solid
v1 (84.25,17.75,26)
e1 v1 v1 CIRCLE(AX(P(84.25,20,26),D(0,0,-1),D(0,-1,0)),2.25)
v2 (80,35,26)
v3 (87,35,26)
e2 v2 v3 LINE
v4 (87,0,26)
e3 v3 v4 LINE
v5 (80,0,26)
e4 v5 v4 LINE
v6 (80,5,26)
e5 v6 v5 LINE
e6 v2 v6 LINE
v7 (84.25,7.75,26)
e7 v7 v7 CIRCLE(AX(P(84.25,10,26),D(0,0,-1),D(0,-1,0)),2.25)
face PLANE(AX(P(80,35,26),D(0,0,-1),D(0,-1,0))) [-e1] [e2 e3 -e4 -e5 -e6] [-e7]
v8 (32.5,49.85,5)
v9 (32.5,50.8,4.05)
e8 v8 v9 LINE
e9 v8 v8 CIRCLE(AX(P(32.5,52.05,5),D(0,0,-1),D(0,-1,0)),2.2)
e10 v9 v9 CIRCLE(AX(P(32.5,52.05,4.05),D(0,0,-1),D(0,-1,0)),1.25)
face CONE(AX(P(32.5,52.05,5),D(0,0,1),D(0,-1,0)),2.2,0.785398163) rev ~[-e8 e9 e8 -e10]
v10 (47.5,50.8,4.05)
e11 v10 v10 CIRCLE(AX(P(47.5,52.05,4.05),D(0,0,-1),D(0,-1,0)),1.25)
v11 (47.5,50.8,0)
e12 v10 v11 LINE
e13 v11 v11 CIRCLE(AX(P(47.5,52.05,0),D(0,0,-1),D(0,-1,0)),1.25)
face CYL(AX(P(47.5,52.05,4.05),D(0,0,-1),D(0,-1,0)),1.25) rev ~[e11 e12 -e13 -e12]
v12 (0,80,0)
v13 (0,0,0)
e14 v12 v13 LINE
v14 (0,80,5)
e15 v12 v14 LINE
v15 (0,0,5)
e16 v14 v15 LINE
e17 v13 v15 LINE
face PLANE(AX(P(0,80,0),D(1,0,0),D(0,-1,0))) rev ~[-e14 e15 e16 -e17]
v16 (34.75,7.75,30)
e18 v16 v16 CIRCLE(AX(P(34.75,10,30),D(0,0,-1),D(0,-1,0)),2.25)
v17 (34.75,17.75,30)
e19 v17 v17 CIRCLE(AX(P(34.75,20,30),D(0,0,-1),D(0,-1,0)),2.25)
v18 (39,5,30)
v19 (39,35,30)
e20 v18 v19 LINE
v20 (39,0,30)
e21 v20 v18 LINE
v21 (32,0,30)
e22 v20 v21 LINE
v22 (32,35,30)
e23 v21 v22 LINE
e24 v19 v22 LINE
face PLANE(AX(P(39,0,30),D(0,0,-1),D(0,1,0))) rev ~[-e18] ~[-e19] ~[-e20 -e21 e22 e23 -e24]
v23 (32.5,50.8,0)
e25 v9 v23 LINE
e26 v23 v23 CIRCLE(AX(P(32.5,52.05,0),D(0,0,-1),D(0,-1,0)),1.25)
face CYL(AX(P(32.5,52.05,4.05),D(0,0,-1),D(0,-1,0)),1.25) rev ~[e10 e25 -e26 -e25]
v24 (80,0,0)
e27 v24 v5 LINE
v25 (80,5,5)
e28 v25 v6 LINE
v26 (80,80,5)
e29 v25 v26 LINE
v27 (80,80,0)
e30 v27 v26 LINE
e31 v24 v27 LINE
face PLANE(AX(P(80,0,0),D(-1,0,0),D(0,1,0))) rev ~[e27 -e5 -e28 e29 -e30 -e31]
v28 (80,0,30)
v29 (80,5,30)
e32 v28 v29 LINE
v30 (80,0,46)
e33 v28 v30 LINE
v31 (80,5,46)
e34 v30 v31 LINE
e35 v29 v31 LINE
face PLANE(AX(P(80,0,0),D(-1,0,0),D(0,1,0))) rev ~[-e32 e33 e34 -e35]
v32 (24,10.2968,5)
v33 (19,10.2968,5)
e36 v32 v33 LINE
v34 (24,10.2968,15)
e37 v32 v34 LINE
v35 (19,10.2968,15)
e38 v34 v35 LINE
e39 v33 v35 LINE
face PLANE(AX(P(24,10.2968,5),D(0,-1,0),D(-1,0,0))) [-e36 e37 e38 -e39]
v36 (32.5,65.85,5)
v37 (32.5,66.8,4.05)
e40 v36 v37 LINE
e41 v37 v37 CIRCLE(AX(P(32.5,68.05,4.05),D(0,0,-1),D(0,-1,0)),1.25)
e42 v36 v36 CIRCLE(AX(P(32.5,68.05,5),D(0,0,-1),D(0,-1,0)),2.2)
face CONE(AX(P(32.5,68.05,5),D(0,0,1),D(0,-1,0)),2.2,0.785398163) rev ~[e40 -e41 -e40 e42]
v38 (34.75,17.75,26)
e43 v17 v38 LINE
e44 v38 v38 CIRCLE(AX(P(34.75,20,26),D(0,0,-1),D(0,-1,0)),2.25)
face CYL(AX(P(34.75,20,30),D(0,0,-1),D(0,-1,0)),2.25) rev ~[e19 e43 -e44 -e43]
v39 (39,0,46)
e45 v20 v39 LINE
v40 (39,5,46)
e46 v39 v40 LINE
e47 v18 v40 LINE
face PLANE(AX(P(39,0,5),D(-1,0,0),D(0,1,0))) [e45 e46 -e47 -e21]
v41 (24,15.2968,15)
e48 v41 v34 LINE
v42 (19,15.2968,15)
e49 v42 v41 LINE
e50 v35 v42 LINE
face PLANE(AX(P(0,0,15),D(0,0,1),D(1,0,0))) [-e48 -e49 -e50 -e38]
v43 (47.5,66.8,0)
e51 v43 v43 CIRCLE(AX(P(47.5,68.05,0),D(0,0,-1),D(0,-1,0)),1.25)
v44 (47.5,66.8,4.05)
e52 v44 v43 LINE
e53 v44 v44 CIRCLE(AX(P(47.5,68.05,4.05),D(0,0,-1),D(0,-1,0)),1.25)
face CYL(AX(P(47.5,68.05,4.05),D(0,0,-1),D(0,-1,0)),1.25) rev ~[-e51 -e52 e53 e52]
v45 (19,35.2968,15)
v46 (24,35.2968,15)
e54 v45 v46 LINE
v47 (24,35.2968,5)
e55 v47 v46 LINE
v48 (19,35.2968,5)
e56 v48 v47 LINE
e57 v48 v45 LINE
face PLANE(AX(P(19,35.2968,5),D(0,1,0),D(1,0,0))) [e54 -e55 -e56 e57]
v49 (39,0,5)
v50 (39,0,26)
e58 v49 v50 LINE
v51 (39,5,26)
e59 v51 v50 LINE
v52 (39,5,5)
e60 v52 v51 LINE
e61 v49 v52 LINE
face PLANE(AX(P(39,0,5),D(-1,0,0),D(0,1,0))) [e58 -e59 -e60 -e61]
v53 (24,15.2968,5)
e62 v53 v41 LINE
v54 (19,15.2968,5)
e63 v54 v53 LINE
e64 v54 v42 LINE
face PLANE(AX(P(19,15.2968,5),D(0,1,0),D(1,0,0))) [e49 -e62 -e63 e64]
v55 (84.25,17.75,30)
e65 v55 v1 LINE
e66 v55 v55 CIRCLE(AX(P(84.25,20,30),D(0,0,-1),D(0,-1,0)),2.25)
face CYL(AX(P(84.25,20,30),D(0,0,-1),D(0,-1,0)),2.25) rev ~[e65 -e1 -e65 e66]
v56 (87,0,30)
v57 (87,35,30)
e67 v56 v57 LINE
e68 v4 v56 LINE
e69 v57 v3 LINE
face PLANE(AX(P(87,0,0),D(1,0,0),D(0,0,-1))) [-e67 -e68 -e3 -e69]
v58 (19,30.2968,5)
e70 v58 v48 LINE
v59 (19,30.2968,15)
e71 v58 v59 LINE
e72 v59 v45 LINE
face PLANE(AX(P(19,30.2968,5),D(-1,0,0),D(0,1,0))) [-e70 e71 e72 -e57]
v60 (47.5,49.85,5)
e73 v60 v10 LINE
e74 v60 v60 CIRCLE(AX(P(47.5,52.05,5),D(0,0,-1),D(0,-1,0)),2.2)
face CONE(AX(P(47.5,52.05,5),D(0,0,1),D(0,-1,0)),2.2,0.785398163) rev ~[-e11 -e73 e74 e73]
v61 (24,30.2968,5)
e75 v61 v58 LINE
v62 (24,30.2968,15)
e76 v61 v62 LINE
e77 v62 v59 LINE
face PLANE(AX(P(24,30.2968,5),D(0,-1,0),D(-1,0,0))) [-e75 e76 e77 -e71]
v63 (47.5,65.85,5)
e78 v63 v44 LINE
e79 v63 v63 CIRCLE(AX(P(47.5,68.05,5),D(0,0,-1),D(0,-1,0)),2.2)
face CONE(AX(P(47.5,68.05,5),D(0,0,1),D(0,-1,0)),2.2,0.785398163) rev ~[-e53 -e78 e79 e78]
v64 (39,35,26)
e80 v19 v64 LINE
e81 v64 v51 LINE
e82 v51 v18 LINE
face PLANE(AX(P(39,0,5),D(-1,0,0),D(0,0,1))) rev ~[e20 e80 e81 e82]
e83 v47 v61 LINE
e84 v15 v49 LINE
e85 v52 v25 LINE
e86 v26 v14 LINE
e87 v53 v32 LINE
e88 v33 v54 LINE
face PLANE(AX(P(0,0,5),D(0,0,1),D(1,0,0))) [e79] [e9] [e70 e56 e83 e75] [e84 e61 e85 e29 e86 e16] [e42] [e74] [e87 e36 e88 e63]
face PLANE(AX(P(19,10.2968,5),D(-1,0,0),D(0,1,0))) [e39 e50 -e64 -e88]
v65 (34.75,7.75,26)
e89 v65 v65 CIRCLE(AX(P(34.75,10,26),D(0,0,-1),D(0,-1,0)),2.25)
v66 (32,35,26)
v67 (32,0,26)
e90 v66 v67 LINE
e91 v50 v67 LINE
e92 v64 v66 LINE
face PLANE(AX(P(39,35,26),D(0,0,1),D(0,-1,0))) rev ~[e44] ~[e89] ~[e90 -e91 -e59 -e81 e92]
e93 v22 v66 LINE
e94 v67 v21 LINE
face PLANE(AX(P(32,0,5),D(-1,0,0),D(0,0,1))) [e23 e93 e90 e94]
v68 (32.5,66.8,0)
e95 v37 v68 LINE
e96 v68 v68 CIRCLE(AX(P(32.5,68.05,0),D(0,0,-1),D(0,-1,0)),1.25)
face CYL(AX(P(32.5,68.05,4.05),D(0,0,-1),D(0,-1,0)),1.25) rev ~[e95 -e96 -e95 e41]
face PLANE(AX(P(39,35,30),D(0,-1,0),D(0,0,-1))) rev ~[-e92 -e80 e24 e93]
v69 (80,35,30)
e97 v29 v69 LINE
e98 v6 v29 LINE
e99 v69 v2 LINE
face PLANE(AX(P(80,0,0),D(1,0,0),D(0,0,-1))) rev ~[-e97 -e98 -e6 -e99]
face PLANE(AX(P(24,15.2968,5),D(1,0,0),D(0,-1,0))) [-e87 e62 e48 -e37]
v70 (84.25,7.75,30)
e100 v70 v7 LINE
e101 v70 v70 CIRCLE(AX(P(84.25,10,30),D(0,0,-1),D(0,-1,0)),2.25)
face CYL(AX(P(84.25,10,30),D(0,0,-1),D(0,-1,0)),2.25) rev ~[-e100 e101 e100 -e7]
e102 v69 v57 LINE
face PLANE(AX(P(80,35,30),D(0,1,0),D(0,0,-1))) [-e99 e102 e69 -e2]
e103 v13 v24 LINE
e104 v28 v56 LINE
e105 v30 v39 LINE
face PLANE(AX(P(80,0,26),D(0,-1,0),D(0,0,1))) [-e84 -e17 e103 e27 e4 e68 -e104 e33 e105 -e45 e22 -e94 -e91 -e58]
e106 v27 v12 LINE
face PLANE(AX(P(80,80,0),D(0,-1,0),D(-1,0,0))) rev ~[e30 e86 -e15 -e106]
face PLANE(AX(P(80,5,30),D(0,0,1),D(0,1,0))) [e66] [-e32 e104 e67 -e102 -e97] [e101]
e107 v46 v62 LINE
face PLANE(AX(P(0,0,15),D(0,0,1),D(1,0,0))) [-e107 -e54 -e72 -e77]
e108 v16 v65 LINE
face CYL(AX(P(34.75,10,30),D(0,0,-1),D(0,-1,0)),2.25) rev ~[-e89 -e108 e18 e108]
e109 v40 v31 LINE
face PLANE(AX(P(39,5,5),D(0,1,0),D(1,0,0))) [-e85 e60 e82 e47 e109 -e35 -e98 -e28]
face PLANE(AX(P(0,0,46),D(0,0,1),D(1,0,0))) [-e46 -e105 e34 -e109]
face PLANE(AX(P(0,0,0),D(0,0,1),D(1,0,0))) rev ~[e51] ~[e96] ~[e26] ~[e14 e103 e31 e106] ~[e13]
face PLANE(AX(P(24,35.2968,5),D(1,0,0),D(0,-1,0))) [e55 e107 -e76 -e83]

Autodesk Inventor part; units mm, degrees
ref_plane "YZ Plane" through (0, 0, 0) normal (1, 0, 0) x (0, 1, 0)
ref_plane "XZ Plane" through (0, 0, 0) normal (0, 1, 0) x (-1, 0, 0)
ref_plane "XY Plane" through (0, 0, 0) normal (0, 0, 1) x (1, 0, 0)
sketch "Szkic1" plane through (0, 0, 0) normal (0, 0, 1) x (1, 0, 0)
  line L0 (0, 0) -> (80, 0)
  line L1 (80, 0) -> (80, 80)
  line L2 (80, 80) -> (0, 80)
  line L3 (0, 80) -> (0, 0)
  dimension "d0" = 80
  dimension "d1" = 80
extrude "Wyciągnięcie proste1" add sketch "Szkic1" along normal blind 5
sketch "Szkic2" plane through (0, 0, 5) normal (0, 0, 1) x (1, 0, 0)
  line L0 (80, 0) -> (80, 80) projected
  line L1 (80, 0) -> (39, 0)
  line L2 (39, 0) -> (39, 5)
  line L3 (39, 5) -> (80, 5)
  line L4 (80, 5) -> (80, 0)
  point P0 (0, 0)
  dimension "d6" = 41
  dimension "d7" = 5
extrude "Wyciągnięcie proste2" add sketch "Szkic2" along normal blind 41
sketch "Szkic3" plane through (0, 0, 5) normal (0, 0, 1) x (1, 0, 0)
  line L0 (19, 35.2968) -> (24, 35.2968)
  line L1 (24, 35.2968) -> (24, 30.2968)
  line L2 (24, 30.2968) -> (19, 30.2968)
  line L3 (19, 30.2968) -> (19, 35.2968)
  line L4 (19, 15.2968) -> (24, 15.2968)
  line L5 (24, 15.2968) -> (24, 10.2968)
  line L6 (24, 10.2968) -> (19, 10.2968)
  line L7 (19, 10.2968) -> (19, 15.2968)
  line L8 (39, 5) -> (39, 0) projected
  point P0 (0, 0)
  point P1 (39, 2.5)
  point P2 (24, 12.7968)
  dimension "d10" = 5
  dimension "d11" = 5
  dimension "d12" = 5
  dimension "d13" = 15
  dimension "d14" = 15
extrude "Wyciągnięcie proste3" add sketch "Szkic3" along normal blind 10
sketch "Szkic4" plane through (0, 0, 5) normal (0, 0, 1) x (1, 0, 0)
  line L0 (80, 80) -> (0, 80) projected
  line L1 (80, 5) -> (80, 80) projected
  point P0 (0, 0)
  point P1 (32.5, 68.05)
  point P2 (47.5, 68.05)
  point P3 (47.5, 52.05)
  point P4 (32.5, 52.05)
  dimension "d17" = 11.95
  dimension "d18" = 11.95
  dimension "d19" = 15
  dimension "d20" = 15
  dimension "d21" = 16
  dimension "d22" = 16
  dimension "d23" = 32.5
  dimension "d24" = 32.5
hole "Otwór1" at (32.5, 68.05, 5) at (47.5, 68.05, 5) at (47.5, 52.05, 5) at (32.5, 52.05, 5) direction (0, 0, -1) diameter 2.5 depth 5 countersink diameter 4.4 countersink angle 90 clearance for "Śruba ze łbem płaskim obrobiona" size "M2" standard "ANSI Profil metryczny M"
sketch "Szkic5" plane through (39, 0, 5) normal (-1, 0, 0) x (0, 0, 1)
  line L0 (-5, 0) -> (41, 0) projected
  line L1 (21, 0) -> (25, 0)
  line L2 (25, 0) -> (25, 35)
  line L3 (25, 35) -> (21, 35)
  line L4 (21, 35) -> (21, 0)
  line L5 (0, 80) -> (0, 0) projected
  dimension "d32" = 4
  dimension "d33" = 35
  dimension "d34" = 21
extrude "Wyciągnięcie proste4" add sketch "Szkic5" along normal blind 7
sketch "Szkic6" plane through (80, 0, 0) normal (1, 0, 0) x (0, 0, -1)
  line L0 (-30, 5) -> (-30, 35) projected
  line L1 (-5, 0) -> (-26, 0) projected
  line L2 (-30, 35) -> (-26, 35)
  line L3 (-26, 35) -> (-26, 0)
  line L4 (-26, 0) -> (-30, 0)
  line L5 (-30, 0) -> (-30, 35)
  point P0 (0, 0)
  point P1 (-30, 5)
extrude "Wyciągnięcie proste5" add sketch "Szkic6" along normal blind 7
sketch "Szkic10" plane through (39, 5, 30) normal (0, 0, 1) x (1, 0, 0)
  line L0 (0, -5) -> (-7, -5) projected
  line L1 (41, -5) -> (48, -5) projected
  line L2 (-7, -5) -> (-7, 30) projected
  line L3 (48, 30) -> (48, -5) projected
  point P0 (-39, -5)
  point P1 (-4.25, 15)
  point P2 (-4.25, 5)
  point P3 (45.25, 15)
  point P4 (45.25, 5)
  point P5 (-3.5, -5)
  dimension "d43" = 10
  dimension "d46" = 10
  dimension "d47" = 10
  dimension "d48" = 2.75
  dimension "d49" = 2.75
  dimension "d50" = 10
  dimension "d51" = 2.75
  dimension "d52" = 2.75
hole "Otwór2" at (34.75, 20, 30) at (34.75, 10, 30) at (84.25, 20, 30) at (84.25, 10, 30) direction (0, 0, -1) diameter 4.5 depth 4 clearance for "Śruba ze łbem płaskim obrobiona" size "M4" standard "ANSI Profil metryczny M"
equation "\"d18\" = d17"
equation "\"d22\" = d21"
equation "\"d24\" = d23"
equation "\"d47\" = d46"
equation "\"d49\" = d48"
equation "\"d52\" = d51"
properties part number "podstawa_rysika"
